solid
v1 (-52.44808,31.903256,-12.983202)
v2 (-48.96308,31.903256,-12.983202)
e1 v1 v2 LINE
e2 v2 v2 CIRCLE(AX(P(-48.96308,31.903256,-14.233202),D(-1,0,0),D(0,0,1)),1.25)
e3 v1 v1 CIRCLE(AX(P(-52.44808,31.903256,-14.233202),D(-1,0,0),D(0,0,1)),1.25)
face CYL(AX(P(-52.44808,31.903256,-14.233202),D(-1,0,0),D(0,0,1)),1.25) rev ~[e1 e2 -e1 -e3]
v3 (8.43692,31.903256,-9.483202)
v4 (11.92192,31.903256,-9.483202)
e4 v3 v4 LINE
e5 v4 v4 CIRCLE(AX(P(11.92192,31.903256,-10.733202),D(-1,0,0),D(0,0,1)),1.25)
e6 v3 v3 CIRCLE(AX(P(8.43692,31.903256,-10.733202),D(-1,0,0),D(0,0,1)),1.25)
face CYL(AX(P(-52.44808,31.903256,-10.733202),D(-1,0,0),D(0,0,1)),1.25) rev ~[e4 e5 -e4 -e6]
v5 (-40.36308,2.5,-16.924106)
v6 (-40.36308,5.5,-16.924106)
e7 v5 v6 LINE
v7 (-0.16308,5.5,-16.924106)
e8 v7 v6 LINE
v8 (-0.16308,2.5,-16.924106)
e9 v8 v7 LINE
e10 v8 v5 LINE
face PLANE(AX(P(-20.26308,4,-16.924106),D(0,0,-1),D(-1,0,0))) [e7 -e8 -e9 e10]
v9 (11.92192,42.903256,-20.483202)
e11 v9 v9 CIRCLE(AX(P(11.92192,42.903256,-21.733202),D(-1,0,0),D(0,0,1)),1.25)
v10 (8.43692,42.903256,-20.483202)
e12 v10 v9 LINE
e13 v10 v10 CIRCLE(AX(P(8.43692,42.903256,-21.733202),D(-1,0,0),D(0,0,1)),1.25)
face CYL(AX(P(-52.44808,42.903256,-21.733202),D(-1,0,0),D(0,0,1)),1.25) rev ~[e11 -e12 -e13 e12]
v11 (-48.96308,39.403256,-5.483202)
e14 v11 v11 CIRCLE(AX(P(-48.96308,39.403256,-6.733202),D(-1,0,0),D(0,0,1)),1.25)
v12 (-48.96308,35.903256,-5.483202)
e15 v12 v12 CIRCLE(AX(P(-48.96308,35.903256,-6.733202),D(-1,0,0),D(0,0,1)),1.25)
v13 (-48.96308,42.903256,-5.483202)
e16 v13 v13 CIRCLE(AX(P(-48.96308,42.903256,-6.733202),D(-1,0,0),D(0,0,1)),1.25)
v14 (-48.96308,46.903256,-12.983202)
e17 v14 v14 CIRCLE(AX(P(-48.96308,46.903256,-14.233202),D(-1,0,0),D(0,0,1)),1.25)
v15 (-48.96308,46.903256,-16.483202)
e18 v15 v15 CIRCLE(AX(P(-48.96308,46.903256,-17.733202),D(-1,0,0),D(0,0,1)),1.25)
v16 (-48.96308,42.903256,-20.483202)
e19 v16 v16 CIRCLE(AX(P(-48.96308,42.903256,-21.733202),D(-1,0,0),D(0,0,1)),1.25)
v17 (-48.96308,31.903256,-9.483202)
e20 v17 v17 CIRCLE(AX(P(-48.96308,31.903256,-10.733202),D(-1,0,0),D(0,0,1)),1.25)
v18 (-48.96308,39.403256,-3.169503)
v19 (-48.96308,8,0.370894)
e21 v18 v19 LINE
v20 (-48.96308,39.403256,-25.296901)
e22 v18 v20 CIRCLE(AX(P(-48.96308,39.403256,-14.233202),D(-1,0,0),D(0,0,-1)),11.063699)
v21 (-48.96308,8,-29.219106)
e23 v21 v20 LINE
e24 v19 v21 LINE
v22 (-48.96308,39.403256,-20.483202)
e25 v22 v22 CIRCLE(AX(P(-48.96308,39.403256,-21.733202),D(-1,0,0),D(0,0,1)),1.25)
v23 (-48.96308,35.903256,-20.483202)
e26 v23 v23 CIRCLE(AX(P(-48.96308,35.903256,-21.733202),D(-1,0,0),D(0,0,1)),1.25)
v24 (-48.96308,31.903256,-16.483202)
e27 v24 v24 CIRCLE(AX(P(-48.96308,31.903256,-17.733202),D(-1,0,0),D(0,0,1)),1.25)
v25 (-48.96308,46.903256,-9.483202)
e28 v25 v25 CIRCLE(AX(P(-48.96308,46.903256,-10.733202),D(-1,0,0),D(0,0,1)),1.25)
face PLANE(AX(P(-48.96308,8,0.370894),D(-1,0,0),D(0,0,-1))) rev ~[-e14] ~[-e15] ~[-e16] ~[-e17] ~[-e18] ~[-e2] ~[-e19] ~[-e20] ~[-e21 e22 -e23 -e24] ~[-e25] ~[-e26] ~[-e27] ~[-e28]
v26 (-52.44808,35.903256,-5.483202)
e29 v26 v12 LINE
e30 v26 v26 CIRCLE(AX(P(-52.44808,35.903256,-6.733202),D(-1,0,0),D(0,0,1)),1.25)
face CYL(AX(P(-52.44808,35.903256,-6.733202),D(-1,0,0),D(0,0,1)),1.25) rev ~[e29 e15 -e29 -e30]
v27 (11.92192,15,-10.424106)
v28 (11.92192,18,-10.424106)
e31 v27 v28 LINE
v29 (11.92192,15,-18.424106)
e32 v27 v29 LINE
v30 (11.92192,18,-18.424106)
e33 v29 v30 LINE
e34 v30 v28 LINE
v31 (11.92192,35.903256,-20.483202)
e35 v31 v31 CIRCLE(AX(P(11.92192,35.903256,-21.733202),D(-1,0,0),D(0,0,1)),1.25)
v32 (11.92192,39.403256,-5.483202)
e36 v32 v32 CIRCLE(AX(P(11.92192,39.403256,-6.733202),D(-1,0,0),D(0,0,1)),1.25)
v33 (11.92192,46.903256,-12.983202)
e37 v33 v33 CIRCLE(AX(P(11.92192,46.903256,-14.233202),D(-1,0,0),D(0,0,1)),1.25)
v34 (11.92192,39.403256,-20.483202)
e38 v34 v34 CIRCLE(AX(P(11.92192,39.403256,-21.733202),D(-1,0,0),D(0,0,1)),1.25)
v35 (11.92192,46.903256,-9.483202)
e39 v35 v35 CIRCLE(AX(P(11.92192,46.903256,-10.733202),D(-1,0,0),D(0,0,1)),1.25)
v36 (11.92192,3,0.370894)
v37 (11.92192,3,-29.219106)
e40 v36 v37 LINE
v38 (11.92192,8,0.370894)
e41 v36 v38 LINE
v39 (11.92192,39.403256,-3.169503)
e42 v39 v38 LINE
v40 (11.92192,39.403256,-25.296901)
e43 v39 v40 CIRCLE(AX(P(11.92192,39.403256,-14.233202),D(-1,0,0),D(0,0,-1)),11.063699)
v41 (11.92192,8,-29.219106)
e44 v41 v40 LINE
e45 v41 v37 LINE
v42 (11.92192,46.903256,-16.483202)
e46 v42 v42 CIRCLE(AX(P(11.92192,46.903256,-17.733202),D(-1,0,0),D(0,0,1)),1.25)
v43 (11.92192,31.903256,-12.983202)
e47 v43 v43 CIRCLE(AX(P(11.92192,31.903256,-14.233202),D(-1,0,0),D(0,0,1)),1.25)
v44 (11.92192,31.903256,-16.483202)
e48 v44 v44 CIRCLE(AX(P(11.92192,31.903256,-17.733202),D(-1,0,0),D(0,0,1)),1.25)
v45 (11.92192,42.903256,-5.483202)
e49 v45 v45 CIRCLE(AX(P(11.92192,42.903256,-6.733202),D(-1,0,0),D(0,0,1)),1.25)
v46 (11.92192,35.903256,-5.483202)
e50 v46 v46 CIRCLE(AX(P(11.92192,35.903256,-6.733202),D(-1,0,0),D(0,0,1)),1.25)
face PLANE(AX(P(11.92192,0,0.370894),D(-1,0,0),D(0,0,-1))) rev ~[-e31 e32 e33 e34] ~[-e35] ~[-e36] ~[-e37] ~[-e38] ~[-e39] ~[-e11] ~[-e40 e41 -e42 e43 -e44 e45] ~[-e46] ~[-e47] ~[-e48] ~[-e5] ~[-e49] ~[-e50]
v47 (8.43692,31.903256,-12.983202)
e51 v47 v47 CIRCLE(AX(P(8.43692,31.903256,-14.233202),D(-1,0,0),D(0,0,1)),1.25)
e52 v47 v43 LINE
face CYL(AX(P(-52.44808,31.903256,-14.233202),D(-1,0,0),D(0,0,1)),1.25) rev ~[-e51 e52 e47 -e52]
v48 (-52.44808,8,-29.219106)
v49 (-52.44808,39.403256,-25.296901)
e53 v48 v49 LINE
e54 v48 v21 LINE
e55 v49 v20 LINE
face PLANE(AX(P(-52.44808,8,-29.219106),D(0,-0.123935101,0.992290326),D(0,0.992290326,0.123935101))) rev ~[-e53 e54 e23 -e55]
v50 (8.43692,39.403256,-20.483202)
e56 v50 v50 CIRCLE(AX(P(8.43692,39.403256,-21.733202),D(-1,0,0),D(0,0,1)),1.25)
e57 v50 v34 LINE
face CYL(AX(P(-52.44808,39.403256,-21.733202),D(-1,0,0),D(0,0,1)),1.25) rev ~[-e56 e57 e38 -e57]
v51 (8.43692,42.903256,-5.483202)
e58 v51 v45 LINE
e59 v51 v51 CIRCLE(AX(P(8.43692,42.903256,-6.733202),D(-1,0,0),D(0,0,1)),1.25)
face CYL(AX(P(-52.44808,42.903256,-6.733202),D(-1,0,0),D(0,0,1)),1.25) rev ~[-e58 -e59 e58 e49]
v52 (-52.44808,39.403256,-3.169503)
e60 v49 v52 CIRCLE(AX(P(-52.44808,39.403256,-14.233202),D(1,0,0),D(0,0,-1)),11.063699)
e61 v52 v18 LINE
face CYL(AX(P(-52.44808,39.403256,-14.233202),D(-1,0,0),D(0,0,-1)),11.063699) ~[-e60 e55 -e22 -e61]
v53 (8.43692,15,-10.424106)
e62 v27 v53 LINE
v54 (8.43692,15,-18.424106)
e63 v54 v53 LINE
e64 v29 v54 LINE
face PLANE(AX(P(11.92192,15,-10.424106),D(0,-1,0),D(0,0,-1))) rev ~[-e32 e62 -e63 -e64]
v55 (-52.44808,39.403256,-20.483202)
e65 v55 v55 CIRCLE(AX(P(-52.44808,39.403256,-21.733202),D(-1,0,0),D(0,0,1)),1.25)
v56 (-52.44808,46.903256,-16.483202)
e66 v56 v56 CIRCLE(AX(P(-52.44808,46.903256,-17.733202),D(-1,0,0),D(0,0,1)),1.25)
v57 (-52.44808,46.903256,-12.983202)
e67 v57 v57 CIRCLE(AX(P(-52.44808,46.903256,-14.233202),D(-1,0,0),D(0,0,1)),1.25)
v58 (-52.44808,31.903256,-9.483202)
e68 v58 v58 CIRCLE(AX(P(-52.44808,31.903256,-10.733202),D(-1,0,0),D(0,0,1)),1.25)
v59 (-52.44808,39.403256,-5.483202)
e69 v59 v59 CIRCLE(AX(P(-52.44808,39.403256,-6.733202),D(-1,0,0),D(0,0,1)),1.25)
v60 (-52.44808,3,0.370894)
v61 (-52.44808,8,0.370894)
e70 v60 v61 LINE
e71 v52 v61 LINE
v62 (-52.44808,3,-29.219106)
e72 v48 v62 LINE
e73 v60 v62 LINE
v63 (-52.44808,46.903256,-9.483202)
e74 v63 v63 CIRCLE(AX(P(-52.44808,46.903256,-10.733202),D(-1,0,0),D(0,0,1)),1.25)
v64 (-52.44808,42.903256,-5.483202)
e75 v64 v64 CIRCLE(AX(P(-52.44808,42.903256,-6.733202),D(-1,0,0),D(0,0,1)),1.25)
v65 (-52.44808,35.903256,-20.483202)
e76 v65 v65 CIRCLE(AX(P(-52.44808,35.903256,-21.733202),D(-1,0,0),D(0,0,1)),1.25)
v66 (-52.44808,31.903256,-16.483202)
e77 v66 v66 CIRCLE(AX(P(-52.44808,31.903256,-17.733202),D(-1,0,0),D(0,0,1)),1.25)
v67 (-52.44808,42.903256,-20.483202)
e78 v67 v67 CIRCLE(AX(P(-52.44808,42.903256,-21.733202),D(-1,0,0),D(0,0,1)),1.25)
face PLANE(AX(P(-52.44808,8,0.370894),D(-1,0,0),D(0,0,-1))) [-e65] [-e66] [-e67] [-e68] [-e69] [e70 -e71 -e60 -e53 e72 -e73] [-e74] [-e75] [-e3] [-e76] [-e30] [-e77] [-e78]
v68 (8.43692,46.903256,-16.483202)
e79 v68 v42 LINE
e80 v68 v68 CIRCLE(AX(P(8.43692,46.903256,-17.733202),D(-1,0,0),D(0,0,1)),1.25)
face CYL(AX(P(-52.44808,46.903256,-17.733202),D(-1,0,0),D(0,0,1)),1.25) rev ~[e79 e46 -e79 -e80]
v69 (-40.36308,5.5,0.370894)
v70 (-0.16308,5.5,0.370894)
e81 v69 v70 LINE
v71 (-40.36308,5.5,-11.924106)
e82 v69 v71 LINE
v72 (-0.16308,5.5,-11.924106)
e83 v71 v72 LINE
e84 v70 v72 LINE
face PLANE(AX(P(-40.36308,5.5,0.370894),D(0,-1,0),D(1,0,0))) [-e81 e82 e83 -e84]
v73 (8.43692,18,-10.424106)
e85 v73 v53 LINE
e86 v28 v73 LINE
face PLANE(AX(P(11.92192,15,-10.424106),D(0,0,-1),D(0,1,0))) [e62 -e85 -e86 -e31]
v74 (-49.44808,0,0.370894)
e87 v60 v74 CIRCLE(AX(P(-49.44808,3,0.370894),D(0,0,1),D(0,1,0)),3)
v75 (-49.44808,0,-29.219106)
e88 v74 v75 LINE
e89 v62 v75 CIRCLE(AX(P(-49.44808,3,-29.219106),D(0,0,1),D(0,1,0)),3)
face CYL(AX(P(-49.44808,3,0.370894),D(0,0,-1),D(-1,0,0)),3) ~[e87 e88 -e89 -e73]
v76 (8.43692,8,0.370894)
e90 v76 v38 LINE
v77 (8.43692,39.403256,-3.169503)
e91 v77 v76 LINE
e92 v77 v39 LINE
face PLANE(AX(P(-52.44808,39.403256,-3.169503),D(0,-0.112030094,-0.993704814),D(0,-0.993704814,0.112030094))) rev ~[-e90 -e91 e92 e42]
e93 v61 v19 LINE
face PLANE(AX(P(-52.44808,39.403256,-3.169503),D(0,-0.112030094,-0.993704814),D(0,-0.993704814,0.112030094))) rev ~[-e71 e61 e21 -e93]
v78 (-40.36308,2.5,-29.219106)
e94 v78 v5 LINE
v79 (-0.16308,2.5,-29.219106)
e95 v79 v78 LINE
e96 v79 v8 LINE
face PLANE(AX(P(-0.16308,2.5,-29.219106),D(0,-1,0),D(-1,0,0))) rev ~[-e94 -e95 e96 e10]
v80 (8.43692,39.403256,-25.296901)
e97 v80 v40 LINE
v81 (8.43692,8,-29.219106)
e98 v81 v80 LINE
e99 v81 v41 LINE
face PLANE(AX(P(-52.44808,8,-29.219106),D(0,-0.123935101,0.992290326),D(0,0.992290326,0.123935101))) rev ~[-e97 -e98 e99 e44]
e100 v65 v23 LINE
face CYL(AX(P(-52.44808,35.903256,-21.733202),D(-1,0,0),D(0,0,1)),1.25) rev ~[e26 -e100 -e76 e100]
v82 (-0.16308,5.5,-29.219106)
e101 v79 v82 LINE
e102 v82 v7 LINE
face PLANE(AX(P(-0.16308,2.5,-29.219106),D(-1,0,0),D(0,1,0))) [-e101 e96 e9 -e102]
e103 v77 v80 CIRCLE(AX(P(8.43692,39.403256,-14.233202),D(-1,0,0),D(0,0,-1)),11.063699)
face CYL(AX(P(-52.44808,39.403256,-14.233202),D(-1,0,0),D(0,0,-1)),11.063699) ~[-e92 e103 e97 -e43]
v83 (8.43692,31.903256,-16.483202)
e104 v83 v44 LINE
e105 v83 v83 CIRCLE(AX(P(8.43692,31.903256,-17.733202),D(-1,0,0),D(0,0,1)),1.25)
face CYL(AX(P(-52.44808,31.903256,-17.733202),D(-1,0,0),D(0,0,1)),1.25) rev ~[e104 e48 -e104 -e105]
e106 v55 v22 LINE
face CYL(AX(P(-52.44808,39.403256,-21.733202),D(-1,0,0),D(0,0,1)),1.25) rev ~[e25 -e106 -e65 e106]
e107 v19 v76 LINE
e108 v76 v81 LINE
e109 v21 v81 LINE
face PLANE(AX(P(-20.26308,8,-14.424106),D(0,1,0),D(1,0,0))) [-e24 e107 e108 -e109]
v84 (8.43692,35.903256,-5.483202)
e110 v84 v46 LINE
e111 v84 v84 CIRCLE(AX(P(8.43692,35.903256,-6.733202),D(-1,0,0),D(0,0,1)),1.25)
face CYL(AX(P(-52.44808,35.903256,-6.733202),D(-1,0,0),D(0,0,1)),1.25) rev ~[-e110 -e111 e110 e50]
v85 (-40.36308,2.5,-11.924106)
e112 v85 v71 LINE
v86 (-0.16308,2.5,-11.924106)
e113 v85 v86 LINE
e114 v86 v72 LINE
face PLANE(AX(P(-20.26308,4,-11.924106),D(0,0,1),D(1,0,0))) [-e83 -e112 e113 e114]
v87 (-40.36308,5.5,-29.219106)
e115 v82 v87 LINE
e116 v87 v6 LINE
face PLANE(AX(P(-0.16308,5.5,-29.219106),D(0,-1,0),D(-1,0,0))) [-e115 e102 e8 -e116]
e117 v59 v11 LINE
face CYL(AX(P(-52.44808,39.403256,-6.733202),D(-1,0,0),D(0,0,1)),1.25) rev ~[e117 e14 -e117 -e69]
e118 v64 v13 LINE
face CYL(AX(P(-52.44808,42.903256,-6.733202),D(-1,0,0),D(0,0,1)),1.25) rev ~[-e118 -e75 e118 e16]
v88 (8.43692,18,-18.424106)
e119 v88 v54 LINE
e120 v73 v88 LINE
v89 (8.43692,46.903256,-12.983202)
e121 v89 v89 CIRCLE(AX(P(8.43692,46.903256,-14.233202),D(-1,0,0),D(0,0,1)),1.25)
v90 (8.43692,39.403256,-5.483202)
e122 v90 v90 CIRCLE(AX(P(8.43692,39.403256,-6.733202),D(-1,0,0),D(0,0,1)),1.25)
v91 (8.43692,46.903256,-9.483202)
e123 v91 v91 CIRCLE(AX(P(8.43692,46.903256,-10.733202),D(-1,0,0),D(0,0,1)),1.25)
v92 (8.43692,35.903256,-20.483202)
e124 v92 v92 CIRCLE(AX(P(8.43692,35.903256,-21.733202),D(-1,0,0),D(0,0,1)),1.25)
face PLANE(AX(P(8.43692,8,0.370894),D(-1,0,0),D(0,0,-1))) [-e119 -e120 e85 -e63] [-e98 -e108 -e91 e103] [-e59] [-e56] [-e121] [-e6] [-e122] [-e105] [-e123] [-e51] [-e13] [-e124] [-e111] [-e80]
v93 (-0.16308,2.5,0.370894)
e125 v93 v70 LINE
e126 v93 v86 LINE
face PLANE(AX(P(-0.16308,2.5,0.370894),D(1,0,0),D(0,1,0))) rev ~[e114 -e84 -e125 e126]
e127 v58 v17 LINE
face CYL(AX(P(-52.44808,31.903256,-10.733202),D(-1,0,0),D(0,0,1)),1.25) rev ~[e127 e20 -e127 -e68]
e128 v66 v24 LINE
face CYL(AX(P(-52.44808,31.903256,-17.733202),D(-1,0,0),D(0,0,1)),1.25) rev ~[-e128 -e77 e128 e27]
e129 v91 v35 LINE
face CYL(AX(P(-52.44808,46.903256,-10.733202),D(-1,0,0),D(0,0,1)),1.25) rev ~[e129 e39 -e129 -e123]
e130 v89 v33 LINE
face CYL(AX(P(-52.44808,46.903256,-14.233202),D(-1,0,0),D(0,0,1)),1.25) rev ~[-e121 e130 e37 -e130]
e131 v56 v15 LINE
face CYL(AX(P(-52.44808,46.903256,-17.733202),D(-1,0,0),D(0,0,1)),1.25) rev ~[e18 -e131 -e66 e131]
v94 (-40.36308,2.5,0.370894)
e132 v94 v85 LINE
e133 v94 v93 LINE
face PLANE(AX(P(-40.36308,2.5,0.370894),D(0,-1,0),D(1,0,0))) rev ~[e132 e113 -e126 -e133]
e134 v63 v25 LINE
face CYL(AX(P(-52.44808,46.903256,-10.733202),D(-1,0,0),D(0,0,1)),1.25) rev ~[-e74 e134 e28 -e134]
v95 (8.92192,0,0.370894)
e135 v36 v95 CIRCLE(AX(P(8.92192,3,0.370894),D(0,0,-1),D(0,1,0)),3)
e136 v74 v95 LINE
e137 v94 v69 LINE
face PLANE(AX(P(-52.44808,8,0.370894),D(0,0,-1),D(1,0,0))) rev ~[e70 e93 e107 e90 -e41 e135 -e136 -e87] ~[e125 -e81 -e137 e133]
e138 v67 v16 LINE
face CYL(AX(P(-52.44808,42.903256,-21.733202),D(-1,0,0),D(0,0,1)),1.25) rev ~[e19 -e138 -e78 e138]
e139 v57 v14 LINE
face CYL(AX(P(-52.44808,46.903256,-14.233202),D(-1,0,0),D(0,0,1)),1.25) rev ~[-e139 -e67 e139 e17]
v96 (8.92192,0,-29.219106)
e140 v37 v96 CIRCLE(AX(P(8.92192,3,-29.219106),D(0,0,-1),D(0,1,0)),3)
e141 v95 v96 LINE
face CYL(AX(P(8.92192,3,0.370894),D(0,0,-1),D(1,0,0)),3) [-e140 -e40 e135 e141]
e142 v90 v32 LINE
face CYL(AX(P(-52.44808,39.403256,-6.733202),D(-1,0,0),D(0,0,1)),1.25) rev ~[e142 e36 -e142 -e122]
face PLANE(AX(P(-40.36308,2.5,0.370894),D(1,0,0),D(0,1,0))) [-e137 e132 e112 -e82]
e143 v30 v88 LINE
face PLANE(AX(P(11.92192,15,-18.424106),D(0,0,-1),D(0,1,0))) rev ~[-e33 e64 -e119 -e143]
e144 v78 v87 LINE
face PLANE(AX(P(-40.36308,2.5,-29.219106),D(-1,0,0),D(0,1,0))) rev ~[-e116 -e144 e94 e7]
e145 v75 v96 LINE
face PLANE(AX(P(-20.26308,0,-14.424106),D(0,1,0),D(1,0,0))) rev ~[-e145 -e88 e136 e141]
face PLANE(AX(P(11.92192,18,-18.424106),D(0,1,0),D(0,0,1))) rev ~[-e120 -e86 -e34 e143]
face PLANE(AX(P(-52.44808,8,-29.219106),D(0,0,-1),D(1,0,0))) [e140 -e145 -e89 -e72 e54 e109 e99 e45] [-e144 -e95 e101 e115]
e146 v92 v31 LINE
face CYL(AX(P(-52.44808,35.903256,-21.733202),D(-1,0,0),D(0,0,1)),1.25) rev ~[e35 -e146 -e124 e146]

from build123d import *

# Parameters (mm, degrees)
SKETCH2_W           = 64.37
SKETCH2_H           = 29.59
BOSS_EXTRUDE1_DEPTH = 8
SKETCH3_W           = 3.485
SKETCH3_H           = 29.59
BOSS_EXTRUDE2_DEPTH = 50
FILLET2_R           = 3
SKETCH4_R           = 1.25
CUT_EXTRUDE8_DEPTH  = 70
SKETCH27_W          = 40.2
SKETCH27_H          = 3
CUT_EXTRUDE14_DEPTH = 12.295
SKETCH30_W          = 40.2
SKETCH30_H          = 3
CUT_EXTRUDE15_DEPTH = 12.295
SKETCH12_W          = 4
SKETCH12_H          = 3
CUT_EXTRUDE16_DEPTH = 60


with BuildPart() as part:
    # Sketch2 → Boss-Extrude1 (new body)
    with BuildSketch(Plane(origin=(0, 0, 0), x_dir=(1, 0, 0), z_dir=(0, 1, 0))):
        with Locations((-20.263080223, 14.424105874)):
            Rectangle(SKETCH2_W, SKETCH2_H)
    extrude(amount=BOSS_EXTRUDE1_DEPTH)

    # Sketch3 → Boss-Extrude2 (add)
    with BuildSketch(Plane(origin=(0, 8, 0), x_dir=(1, 0, 0), z_dir=(0, 1, 0))):
        with Locations((-50.705580223, 14.424105874)):
            Rectangle(SKETCH3_W, SKETCH3_H)
        with Locations((10.179419777, 14.424105874)):
            Rectangle(SKETCH3_W, SKETCH3_H)
    extrude(amount=BOSS_EXTRUDE2_DEPTH)

    # Fillet2
    fillet2_edges = [part.edges().sort_by_distance(p)[0] for p in [
        (11.921919777, 0, -14.424105874),
        (-52.448080223, 0, -14.424105874),
    ]]
    fillet(fillet2_edges, radius=FILLET2_R)

    # Sketch4 → Cut-Extrude8 (cut)
    with BuildSketch(Plane.ZY.offset(52.448080223)):
        with BuildLine():
            Line((-29.219105874, 8), (-25.296901218, 39.40325627))
            ThreePointArc((-25.296901218, 39.40325627), (-14.233202156, 50.466955332), (-3.169503094, 39.40325627))
            Line((-3.169503094, 39.40325627), (0.370894126, 8))
            Line((0.370894126, 8), (0.370894126, 58))
            Line((0.370894126, 58), (-29.219105874, 58))
            Line((-29.219105874, 58), (-29.219105874, 8))
        make_face()
        with Locations((-21.733202156, 42.90325627)):
            Circle(SKETCH4_R)
        with Locations((-21.733202156, 39.40325627)):
            Circle(SKETCH4_R)
        with Locations((-21.733202156, 35.90325627)):
            Circle(SKETCH4_R)
        with Locations((-17.733202156, 31.90325627)):
            Circle(SKETCH4_R)
        with Locations((-10.733202156, 31.90325627)):
            Circle(SKETCH4_R)
        with Locations((-6.733202156, 35.90325627)):
            Circle(SKETCH4_R)
        with Locations((-6.733202156, 39.40325627)):
            Circle(SKETCH4_R)
        with Locations((-6.733202156, 42.90325627)):
            Circle(SKETCH4_R)
        with Locations((-10.733202156, 46.90325627)):
            Circle(SKETCH4_R)
        with Locations((-17.733202156, 46.90325627)):
            Circle(SKETCH4_R)
        with Locations((-14.233202156, 46.90325627)):
            Circle(SKETCH4_R)
        with Locations((-14.233202156, 31.90325627)):
            Circle(SKETCH4_R)
    extrude(amount=-CUT_EXTRUDE8_DEPTH, mode=Mode.SUBTRACT)

    # Sketch27 → Cut-Extrude14 (cut)
    with BuildSketch(Plane.XY.offset(0.370894126)):
        with Locations((-20.263080223, 4)):
            Rectangle(SKETCH27_W, SKETCH27_H)
    extrude(amount=-CUT_EXTRUDE14_DEPTH, mode=Mode.SUBTRACT)

    # Sketch30 → Cut-Extrude15 (cut)
    with BuildSketch(Plane(origin=(0, 0, -29.219105874), x_dir=(-1, 0, 0), z_dir=(0, 0, -1))):
        with Locations((20.263080223, 4)):
            Rectangle(SKETCH30_W, SKETCH30_H)
    extrude(amount=-CUT_EXTRUDE15_DEPTH, mode=Mode.SUBTRACT)

    # Sketch12 → Cut-Extrude16 (cut)
    with BuildSketch(Plane(origin=(11.921919777, 0, 0), x_dir=(0, 0, -1), z_dir=(1, 0, 0))):
        with Locations((12.424105874, 16.5)):
            Rectangle(SKETCH12_W, SKETCH12_H)
        with Locations((16.424105874, 16.5)):
            Rectangle(SKETCH12_W, SKETCH12_H)
    extrude(amount=-CUT_EXTRUDE16_DEPTH, mode=Mode.SUBTRACT)


solid = part.part
